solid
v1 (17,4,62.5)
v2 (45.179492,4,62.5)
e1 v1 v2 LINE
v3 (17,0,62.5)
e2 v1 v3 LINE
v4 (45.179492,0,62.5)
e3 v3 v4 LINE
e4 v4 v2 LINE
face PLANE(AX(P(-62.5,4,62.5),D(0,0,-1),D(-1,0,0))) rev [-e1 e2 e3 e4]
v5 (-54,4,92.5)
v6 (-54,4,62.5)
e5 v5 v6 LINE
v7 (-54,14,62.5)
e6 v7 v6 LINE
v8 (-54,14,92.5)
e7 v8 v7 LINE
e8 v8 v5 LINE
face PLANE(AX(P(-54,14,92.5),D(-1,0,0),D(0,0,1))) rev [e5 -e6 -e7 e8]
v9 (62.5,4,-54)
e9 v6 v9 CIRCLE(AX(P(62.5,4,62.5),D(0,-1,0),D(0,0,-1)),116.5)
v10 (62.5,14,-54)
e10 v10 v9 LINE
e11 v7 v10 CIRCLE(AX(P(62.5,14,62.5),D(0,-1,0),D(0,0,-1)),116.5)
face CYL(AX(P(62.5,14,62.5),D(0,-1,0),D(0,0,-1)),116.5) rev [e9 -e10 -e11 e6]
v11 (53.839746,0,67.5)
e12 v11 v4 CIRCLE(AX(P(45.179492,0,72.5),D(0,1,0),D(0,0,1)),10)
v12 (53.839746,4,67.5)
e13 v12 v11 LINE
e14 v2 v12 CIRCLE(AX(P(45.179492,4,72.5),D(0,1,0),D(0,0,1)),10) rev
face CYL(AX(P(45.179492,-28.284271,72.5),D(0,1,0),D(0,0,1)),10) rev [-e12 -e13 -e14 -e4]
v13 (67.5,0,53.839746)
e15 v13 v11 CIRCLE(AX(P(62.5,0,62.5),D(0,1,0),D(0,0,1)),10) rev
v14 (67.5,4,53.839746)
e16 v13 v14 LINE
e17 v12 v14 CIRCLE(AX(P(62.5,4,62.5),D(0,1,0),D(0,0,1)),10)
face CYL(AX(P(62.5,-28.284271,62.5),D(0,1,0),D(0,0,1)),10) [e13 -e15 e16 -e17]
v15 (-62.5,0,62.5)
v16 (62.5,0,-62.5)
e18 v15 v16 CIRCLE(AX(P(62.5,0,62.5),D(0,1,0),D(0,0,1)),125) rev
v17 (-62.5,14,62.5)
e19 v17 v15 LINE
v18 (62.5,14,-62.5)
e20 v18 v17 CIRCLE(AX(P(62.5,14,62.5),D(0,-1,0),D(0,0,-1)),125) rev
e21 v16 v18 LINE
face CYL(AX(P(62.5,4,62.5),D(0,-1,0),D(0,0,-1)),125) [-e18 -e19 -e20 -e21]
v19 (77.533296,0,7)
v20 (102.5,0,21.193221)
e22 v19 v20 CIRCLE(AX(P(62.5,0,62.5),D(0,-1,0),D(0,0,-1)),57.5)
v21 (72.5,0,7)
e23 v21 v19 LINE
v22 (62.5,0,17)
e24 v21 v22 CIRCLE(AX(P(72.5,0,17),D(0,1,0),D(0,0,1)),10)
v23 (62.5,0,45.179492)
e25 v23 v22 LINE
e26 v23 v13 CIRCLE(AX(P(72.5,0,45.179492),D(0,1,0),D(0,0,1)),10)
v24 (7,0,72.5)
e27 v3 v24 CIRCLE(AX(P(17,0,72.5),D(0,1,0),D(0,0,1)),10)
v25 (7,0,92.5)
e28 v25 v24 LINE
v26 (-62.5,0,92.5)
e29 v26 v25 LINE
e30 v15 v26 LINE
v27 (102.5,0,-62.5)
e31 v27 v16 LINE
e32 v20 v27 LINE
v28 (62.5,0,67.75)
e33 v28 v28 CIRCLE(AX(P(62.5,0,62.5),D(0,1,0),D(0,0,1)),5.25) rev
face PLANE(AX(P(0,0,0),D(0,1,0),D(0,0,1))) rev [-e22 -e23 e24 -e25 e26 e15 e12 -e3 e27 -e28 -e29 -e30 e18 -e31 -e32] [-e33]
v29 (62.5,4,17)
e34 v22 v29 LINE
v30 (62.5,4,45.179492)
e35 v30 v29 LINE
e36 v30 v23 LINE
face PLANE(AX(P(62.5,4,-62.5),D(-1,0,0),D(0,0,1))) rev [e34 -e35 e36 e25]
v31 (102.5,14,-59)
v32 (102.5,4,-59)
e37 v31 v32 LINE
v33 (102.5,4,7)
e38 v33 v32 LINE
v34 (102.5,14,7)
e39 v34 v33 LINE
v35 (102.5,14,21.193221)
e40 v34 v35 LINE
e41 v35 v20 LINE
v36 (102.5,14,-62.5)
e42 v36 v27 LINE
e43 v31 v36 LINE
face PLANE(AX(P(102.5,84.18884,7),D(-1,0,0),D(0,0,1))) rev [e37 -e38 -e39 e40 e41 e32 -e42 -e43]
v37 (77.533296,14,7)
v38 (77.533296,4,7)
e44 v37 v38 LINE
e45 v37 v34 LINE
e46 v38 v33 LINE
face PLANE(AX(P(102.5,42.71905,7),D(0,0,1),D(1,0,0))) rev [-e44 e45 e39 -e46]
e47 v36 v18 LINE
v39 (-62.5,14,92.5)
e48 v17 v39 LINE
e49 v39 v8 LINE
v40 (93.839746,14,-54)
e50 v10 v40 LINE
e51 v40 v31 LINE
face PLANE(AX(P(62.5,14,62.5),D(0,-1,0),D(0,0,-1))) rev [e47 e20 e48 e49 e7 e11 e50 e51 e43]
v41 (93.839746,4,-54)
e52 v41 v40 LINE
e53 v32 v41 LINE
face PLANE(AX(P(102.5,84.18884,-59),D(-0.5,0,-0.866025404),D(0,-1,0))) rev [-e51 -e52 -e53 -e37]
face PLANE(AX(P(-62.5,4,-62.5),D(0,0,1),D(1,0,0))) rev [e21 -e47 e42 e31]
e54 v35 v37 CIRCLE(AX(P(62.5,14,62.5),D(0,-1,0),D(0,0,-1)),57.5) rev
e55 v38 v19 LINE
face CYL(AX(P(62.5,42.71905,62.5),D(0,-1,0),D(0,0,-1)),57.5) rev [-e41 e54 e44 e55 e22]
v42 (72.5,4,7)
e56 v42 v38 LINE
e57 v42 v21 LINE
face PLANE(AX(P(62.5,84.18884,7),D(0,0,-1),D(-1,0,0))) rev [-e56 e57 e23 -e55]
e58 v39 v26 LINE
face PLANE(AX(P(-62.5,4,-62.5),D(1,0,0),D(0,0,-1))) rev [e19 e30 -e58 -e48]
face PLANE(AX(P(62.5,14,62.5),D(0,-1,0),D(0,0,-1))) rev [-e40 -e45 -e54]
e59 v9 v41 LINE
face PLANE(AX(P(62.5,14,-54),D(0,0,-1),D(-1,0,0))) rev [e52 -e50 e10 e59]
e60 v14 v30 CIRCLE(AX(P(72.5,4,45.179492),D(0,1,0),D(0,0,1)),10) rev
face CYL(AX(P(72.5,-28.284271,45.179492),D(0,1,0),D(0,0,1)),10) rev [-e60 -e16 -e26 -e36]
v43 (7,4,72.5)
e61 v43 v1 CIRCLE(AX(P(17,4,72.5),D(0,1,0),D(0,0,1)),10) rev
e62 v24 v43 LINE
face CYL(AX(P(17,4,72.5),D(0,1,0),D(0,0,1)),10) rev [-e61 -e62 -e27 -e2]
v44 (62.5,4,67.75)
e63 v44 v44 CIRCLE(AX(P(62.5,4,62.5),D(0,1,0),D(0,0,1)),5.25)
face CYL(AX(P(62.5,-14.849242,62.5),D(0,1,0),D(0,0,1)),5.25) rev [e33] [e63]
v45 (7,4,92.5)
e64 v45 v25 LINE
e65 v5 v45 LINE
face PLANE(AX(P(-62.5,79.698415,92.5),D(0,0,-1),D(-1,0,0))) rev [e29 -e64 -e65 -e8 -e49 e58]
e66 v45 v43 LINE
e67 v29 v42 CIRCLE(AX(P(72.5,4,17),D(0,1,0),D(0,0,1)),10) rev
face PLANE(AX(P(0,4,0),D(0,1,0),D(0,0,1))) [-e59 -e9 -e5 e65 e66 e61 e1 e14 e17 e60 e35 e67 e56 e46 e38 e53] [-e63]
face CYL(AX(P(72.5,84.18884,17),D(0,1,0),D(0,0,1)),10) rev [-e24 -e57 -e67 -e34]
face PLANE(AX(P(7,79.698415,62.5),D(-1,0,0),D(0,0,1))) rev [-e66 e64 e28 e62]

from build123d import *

# Parameters (mm, degrees)
SKETCH1_W           = 125
SKETCH1_H           = 125
BOSS_EXTRUDE1_DEPTH = 4
SKETCH7_W           = 40
SKETCH7_H           = 69.5
BOSS_EXTRUDE4_DEPTH = 4
SKETCH8_W           = 69.5
SKETCH8_H           = 30
BOSS_EXTRUDE5_DEPTH = 4
BOSS_EXTRUDE2_DEPTH = 10
SKETCH3_R           = 10
BOSS_EXTRUDE3_DEPTH = 4
SKETCH4_R           = 5.25
CUT_EXTRUDE1_DEPTH  = 4
FILLET1_R           = 125
CHAMFER1_SIZE       = 5
CHAMFER1_SIZE2      = 8.660254038
BOSS_EXTRUDE6_DEPTH = 14
FILLET2_R           = 10


with BuildPart() as part:
    # Sketch1 → Boss-Extrude1 (new body)
    with BuildSketch(Plane(origin=(0, 0, 0), x_dir=(1, 0, 0), z_dir=(0, 1, 0))):
        Rectangle(SKETCH1_W, SKETCH1_H)
    extrude(amount=BOSS_EXTRUDE1_DEPTH)

    # Sketch7 → Boss-Extrude4 (add)
    with BuildSketch(Plane(origin=(0, 0, 0), x_dir=(1, 0, 0), z_dir=(0, 1, 0))):
        with Locations((82.5, 27.75)):
            Rectangle(SKETCH7_W, SKETCH7_H)
    extrude(amount=BOSS_EXTRUDE4_DEPTH)

    # Sketch8 → Boss-Extrude5 (add)
    with BuildSketch(Plane(origin=(0, 0, 0), x_dir=(1, 0, 0), z_dir=(0, 1, 0))):
        with Locations((-27.75, -77.5)):
            Rectangle(SKETCH8_W, SKETCH8_H)
    extrude(amount=BOSS_EXTRUDE5_DEPTH)

    # Sketch2 → Boss-Extrude2 (add)
    with BuildSketch(Plane(origin=(0, 4, 0), x_dir=(1, 0, 0), z_dir=(0, 1, 0))):
        with BuildLine():
            Line((-62.5, -92.5), (-62.5, 62.5))
            Line((-62.5, 62.5), (102.5, 62.5))
            Line((102.5, 62.5), (102.5, 54))
            Line((102.5, 54), (62.5, 54))
            ThreePointArc((62.5, 54), (-19.877940008, 19.877940008), (-54, -62.5))
            Line((-54, -62.5), (-54, -92.5))
            Line((-54, -92.5), (-62.5, -92.5))
        make_face()
    extrude(amount=BOSS_EXTRUDE2_DEPTH)

    # Sketch3 → Boss-Extrude3 (add)
    with BuildSketch(Plane(origin=(0, 4, 0), x_dir=(1, 0, 0), z_dir=(0, 1, 0))):
        with Locations((62.5, -62.5)):
            Circle(SKETCH3_R)
    extrude(amount=-BOSS_EXTRUDE3_DEPTH)

    # Sketch4 → Cut-Extrude1 (cut)
    with BuildSketch(Plane(origin=(0, 4, 0), x_dir=(1, 0, 0), z_dir=(0, 1, 0))):
        with Locations(Location((62.5, -62.5, 0), (0, 0, 270))):
            Circle(SKETCH4_R)
    extrude(amount=-CUT_EXTRUDE1_DEPTH, mode=Mode.SUBTRACT)

    # Fillet1
    fillet1_edges = [part.edges().sort_by_distance(p)[0] for p in [
        (-62.5, 7, -62.5),
    ]]
    fillet(fillet1_edges, radius=FILLET1_R)

    # Chamfer1
    chamfer1_edges = [part.edges().sort_by_distance(p)[0] for p in [
        (102.5, 9, -54),
    ]]
    chamfer1_side = [part.faces().sort_by_distance(p)[0] for p in [
        (102.5, 3.639118457, -34.891873278),
    ]]
    chamfer(chamfer1_edges, length=CHAMFER1_SIZE, length2=CHAMFER1_SIZE2, reference=chamfer1_side[0])

    # Sketch9 → Boss-Extrude6 (add)
    with BuildSketch(Plane(origin=(0, 0, 0), x_dir=(1, 0, 0), z_dir=(0, 1, 0))):
        with BuildLine():
            Line((102.5, -7), (102.5, -21.193220895))
            ThreePointArc((102.5, -21.193220895), (90.917033755, -12.512779707), (77.533296378, -7))
            Line((77.533296378, -7), (102.5, -7))
        make_face()
    extrude(amount=BOSS_EXTRUDE6_DEPTH)

    # Fillet2
    fillet2_edges = [part.edges().sort_by_distance(p)[0] for p in [
        (62.5, 2, 7),
        (7, 2, 62.5),
        (62.5, 2, 52.5),
        (52.5, 2, 62.5),
    ]]
    fillet(fillet2_edges, radius=FILLET2_R)


solid = part.part
